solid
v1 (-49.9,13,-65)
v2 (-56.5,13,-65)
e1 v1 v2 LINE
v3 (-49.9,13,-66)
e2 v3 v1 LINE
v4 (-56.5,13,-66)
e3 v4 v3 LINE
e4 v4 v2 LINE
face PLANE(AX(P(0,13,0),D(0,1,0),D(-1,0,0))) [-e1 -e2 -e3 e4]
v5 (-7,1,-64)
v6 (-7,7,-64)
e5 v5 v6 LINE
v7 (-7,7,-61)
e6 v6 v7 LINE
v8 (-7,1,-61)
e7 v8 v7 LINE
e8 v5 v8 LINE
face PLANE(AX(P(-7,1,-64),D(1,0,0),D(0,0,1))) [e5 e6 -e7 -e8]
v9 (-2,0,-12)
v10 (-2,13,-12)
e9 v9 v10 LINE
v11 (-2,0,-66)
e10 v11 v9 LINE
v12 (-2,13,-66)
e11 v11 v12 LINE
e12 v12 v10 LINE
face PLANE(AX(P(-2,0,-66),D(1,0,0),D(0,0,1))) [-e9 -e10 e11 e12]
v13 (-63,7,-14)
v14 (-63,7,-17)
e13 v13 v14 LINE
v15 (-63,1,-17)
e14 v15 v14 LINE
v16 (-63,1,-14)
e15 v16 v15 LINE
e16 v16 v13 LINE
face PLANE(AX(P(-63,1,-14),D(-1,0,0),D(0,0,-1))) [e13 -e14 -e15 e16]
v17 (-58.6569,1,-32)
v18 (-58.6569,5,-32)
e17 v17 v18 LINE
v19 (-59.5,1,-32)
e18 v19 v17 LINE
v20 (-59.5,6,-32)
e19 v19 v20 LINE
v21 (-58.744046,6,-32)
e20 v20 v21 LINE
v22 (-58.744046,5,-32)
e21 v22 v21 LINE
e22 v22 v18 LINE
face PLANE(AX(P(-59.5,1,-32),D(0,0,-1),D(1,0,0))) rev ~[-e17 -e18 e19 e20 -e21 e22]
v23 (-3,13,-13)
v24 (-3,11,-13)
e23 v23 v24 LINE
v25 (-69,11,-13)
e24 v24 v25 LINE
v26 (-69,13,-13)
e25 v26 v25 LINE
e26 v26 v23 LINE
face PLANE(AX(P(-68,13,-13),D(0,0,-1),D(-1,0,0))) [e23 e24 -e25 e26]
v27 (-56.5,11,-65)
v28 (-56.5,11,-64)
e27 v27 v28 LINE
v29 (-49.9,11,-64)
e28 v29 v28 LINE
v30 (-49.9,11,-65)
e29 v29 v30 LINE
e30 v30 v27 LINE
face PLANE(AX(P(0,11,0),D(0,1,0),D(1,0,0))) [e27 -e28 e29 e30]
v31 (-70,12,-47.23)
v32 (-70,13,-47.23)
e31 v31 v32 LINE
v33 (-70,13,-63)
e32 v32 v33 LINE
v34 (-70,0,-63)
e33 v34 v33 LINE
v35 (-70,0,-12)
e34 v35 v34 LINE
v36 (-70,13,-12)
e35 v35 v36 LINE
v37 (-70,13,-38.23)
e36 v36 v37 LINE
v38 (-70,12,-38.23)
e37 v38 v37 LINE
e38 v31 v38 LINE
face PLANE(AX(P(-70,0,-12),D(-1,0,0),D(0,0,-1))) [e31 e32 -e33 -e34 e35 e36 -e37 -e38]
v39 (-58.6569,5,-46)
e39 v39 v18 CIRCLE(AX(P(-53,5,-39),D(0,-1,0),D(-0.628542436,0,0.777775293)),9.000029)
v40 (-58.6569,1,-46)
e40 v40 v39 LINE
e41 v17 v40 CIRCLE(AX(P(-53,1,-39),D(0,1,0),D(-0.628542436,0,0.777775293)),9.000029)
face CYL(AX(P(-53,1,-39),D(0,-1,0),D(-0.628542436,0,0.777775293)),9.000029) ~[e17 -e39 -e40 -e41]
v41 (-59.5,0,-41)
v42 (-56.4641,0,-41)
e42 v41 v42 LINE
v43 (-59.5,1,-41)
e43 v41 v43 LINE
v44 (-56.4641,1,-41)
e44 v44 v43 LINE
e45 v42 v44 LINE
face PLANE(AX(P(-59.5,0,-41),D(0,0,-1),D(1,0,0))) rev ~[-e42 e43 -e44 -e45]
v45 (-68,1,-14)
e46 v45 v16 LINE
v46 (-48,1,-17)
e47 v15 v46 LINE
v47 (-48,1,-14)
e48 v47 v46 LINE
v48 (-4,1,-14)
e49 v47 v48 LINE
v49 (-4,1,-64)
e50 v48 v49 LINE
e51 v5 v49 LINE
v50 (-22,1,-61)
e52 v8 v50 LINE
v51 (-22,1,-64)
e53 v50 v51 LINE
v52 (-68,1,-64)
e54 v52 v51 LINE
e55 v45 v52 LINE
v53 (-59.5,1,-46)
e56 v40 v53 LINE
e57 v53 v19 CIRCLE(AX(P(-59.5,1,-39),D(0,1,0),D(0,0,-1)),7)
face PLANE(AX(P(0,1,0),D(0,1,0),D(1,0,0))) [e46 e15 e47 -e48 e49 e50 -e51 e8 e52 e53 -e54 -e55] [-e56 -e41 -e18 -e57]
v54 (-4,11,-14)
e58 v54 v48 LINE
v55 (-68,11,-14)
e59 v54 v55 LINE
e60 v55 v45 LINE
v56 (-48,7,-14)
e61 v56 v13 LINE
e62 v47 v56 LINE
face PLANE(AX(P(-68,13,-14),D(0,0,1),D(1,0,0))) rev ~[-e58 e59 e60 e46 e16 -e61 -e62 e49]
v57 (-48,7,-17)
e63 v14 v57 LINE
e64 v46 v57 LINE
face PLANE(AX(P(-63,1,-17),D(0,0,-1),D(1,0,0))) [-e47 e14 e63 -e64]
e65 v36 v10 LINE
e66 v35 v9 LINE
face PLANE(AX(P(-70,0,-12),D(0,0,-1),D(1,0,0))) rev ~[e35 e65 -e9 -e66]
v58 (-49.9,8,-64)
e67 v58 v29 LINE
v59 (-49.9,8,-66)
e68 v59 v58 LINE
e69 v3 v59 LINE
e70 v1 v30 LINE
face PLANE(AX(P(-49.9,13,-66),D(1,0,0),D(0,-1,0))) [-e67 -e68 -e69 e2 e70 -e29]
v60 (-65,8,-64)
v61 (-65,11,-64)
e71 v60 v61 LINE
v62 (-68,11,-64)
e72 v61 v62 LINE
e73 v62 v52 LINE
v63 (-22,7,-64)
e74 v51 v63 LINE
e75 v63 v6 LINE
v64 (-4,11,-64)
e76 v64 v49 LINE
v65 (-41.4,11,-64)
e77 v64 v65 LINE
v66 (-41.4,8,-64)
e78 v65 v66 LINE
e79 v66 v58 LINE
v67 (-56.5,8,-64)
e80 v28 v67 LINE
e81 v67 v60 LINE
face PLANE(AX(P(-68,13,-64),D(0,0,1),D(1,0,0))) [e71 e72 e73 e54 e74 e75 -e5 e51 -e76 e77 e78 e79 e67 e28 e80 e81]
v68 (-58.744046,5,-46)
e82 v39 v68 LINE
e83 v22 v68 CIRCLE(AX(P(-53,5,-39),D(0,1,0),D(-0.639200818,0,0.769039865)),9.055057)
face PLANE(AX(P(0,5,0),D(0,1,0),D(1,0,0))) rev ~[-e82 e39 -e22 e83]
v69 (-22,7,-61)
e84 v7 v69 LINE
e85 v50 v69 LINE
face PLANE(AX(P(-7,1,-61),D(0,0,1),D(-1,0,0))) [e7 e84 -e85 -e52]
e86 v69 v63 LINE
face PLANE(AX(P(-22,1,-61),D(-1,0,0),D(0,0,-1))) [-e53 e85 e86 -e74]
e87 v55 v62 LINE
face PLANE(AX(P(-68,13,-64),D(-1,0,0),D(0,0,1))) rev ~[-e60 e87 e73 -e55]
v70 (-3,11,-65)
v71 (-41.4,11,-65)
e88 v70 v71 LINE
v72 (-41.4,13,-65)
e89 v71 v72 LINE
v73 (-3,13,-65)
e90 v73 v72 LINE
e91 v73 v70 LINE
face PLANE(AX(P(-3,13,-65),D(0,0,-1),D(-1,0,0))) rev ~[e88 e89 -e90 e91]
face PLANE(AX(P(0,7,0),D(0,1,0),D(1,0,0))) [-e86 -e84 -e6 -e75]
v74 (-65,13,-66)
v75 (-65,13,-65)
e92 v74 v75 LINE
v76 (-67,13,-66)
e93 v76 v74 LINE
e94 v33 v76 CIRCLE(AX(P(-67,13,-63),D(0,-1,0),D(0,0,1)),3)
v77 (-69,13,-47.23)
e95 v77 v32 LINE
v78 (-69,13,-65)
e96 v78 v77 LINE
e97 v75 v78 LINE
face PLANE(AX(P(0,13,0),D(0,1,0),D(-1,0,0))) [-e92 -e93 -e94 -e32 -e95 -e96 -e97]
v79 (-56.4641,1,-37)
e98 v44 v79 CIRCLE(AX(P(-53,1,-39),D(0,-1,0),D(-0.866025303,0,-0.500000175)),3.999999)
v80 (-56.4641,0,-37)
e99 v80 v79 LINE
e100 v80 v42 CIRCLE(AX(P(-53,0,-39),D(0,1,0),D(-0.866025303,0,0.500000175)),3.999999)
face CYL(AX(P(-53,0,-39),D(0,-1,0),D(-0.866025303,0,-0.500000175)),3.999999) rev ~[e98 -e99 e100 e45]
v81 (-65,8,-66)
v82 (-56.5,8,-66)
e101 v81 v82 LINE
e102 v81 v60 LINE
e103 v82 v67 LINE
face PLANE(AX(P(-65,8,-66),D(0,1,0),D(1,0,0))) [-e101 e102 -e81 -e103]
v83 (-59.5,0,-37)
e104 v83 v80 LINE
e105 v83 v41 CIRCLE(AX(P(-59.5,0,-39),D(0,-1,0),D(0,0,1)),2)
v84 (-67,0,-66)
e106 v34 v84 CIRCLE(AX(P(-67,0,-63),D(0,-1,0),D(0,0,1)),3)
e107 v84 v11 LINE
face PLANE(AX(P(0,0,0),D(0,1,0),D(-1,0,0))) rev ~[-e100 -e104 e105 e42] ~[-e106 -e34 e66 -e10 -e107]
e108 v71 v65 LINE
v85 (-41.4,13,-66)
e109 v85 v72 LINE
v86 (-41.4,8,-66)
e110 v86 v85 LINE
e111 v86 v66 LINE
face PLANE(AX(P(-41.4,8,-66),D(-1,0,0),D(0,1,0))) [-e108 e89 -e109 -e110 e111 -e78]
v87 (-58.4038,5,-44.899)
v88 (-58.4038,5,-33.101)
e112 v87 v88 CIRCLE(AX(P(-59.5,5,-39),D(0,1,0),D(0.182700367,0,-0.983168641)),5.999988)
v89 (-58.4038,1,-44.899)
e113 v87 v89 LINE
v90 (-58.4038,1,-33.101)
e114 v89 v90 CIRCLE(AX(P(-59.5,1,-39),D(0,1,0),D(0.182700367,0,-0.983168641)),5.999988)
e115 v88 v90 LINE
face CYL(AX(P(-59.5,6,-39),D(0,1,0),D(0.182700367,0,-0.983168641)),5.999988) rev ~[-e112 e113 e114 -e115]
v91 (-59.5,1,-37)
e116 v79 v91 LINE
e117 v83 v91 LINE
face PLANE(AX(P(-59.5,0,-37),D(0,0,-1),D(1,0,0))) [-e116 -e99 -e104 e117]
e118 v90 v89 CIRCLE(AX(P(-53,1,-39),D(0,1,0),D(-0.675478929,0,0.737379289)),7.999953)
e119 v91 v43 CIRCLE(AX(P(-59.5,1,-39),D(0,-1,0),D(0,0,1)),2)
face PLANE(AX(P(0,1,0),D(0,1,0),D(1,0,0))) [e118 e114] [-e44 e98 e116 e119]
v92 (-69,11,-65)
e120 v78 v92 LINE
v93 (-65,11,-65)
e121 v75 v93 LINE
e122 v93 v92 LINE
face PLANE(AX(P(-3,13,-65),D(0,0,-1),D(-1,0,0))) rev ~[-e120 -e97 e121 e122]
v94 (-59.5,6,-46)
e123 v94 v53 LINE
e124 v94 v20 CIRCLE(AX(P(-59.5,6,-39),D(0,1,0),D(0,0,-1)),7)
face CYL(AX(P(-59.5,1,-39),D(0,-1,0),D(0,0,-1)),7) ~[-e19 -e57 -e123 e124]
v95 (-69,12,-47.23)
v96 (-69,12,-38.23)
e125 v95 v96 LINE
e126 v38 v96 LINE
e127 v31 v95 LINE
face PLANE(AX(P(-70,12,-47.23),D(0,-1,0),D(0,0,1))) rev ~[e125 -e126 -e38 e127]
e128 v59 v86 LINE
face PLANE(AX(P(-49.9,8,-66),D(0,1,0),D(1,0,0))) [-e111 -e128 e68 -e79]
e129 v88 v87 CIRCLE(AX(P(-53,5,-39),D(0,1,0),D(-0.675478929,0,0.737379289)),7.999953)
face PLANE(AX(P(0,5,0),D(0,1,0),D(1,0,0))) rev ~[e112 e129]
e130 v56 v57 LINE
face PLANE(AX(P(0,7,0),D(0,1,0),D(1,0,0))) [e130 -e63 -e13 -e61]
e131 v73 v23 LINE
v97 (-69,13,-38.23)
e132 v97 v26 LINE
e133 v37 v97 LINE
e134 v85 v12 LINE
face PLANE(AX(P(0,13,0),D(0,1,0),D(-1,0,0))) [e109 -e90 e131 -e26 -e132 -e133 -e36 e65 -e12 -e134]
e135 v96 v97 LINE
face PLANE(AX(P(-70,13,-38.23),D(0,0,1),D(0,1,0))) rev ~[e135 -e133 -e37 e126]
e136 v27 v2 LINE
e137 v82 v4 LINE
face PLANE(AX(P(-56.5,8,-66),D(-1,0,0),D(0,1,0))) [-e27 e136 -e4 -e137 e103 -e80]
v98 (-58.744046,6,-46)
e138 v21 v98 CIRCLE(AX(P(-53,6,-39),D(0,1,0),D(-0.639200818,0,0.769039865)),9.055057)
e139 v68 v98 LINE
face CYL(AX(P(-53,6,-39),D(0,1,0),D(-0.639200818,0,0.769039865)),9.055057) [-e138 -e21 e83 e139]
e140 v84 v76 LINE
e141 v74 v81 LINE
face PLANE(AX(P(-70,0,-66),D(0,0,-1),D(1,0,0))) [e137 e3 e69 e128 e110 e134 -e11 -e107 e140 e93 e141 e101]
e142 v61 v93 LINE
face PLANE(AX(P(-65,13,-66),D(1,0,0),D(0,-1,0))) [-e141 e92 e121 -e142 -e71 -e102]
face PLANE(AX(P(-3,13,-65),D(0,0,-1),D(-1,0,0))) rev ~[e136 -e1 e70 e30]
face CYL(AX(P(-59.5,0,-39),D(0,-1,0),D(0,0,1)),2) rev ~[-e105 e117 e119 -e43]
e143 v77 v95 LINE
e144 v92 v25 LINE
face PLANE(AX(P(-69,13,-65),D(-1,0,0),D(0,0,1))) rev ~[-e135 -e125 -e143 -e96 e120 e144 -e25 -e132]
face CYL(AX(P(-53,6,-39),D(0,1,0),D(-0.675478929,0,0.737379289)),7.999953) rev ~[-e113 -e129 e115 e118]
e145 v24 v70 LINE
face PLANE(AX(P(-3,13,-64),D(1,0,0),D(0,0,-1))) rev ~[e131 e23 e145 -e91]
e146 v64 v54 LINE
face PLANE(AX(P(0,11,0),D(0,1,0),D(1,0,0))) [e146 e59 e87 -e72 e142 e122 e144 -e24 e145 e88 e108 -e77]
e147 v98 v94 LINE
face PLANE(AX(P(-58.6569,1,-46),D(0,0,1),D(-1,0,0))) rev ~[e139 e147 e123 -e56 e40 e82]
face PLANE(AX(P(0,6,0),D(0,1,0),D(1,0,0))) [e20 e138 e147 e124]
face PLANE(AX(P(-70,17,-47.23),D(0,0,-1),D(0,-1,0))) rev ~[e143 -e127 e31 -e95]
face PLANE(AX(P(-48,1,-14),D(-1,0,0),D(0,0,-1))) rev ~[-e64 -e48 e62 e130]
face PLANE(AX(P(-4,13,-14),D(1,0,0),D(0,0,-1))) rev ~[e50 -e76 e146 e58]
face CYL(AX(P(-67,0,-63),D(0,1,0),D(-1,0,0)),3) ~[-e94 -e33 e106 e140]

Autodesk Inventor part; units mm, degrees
ref_plane "YZ Plane" through (0, 0, 0) normal (1, 0, 0) x (0, 1, 0)
ref_plane "XZ Plane" through (0, 0, 0) normal (0, 1, 0) x (-1, 0, 0)
ref_plane "XY Plane" through (0, 0, 0) normal (0, 0, 1) x (1, 0, 0)
sketch "Sketch1" plane through (0, 0, 0) normal (0, 1, 0) x (-1, 0, 0)
  point P0 (0, 0)
sketch "Sketch2" plane through (0, 0, 0) normal (0, 1, 0) x (-1, 0, 0)
  line L0 (70, -12) -> (70, -66)
  line L1 (70, -66) -> (2, -66)
  line L2 (70, -12) -> (2, -12)
  line L3 (2, -66) -> (2, -12)
  point P0 (0, 0)
  point P1 (2, 0)
  dimension "d151" = 68
  dimension "d152" = 54
extrude "Extrusion1" add sketch "Sketch2" along normal blind 13
sketch "Sketch3" plane through (0, 13, 0) normal (0, 1, 0) x (1, 0, 0)
  point P0 (0, 0)
sketch "Sketch4" plane through (0, 13, 0) normal (0, 1, 0) x (1, 0, 0)
  line L0 (-2, 66) -> (-70, 66) projected
  line L1 (-30.4814, 66) -> (-28.4814, 66)
  line L2 (-28.4814, 66) -> (-28.4814, 64)
  line L3 (-70, 66) -> (-70, 12) projected
  line L4 (-70, 37.8423) -> (-70, 39.8423)
  line L5 (-70, 39.8423) -> (-68, 39.8423)
  line L6 (-68, 64) -> (-68, 14)
  line L7 (-68, 64) -> (-4, 64)
  line L8 (-68, 14) -> (-4, 14)
  line L9 (-4, 14) -> (-4, 64)
  line L10 (-70, 12) -> (-2, 12) projected
  line L11 (-2, 12) -> (-2, 66) projected
  point P0 (-2, 64)
  point P1 (-68, 12)
  dimension "d6" = 2
  dimension "d8" = 2
  dimension "d102" = 2
  dimension "d104" = 2
  dimension "d153" = 2
  dimension "d154" = 2
extrude "Extrusion2" cut sketch "Sketch4" against normal blind 12 contours L7 L9 L8 L6
sketch "Sketch10" plane through (0, 1, 0) normal (0, 1, 0) x (1, 0, 0)
  line L0 (-48, 14) -> (-48, 17)
  line L1 (-48, 14) -> (-63, 14)
  line L2 (-63, 14) -> (-63, 17)
  line L3 (-63, 17) -> (-48, 17)
  line L4 (-48, 17) -> (-48, 14)
  line L5 (-22, 64) -> (-7, 64)
  line L6 (-7, 64) -> (-7, 61)
  line L7 (-7, 61) -> (-22, 61)
  line L8 (-22, 61) -> (-22, 64)
  line L9 (-68, 64) -> (-4, 64) projected
  line L10 (-63, 14) -> (-48, 14)
  line L11 (-4, 14) -> (-68, 14) projected
  point P0 (-68, 2)
  point P1 (-2, 64)
  dimension "d55" = 3
  dimension "d56" = 15
  dimension "d60" = 15
  dimension "d108" = 3
  dimension "d155" = 0
extrude "Extrusion5" add sketch "Sketch10" along normal blind 6
sketch "Sketch12" plane through (0, 0, 0) normal (0, -1, 0) x (1, 0, 0)
  line L0 (0, 0) -> (0, -66) projected
  line L1 (-2, -12) -> (-2, -66) projected
  line L2 (-2, -66) -> (-70, -66) projected
  line L3 (-2, -66) -> (-70, -66)
  line L4 (-36, -66) -> (-36, -12)
  line L5 (-70, -66) -> (-70, -12) projected
  line L6 (-70, -66) -> (-70, -12)
  line L7 (-70, -39) -> (-2, -39)
  line L8 (-36, -39) -> (-36, -66)
  line L9 (-70, -66) -> (-36, -66)
  arc A0 (-56.4641, -41) -> (-56.4641, -37) centre (-53, -39) ccw
  line L10 (-53, -39) -> (-59.5, -39)
  arc A1 (-59.5, -37) -> (-59.5, -41) centre (-59.5, -39) ccw
  line L11 (-59.5, -41) -> (-56.4641, -41)
  line L12 (-59.5, -37) -> (-56.4641, -37)
  dimension "d158" = 8
  dimension "d159" = 6.5
  dimension "d160" = 4
extrude "Extrusion7" cut sketch "Sketch12" against normal blind 6 contours A0 L11 A1 L7 | L7 A1 L12 A0
sketch "Sketch13" plane through (0, 13, 0) normal (0, 1, 0) x (1, 0, 0)
  line L0 (-70, 66) -> (-70, 12) projected
  line L1 (-69, 65) -> (-69, 13)
  line L2 (-2, 66) -> (-70, 66) projected
  line L3 (-68, 64) -> (-4, 64)
  line L4 (-2, 64) -> (-2, 12)
  line L5 (-68, 14) -> (-68, 64)
  line L6 (-4, 14) -> (-68, 14) projected
  line L7 (-68, 14) -> (-4, 14)
  line L8 (-7, 64) -> (-4, 64) projected
  line L9 (-4, 14) -> (-4, 64)
  line L10 (-70, 12) -> (-2, 12) projected
  line L11 (-68, 13) -> (-69, 13)
  line L12 (-68, 13) -> (-3, 13)
  line L13 (-2, 12) -> (-2, 66) projected
  line L14 (-4, 13) -> (-3, 13)
  line L15 (-3, 13) -> (-3, 64)
  line L16 (-3, 64) -> (-3, 65)
  line L17 (-3, 65) -> (-69, 65)
  dimension "d96" = 1
  dimension "d99" = 1
extrude "Extrusion8" cut sketch "Sketch13" against normal blind 2 contours L17 L16 L15 L12 L11 L1 | L3 L9 L6 L5
sketch "Sketch15" plane through (-70, 0, -66) normal (-1, 0, 0) x (0, 0, 1)
  line L0 (62.4242, 8) -> (52.7396, 8)
  line L1 (0, 0) -> (66, 0) projected
  line L2 (0, 13) -> (54, 13) projected
  line L3 (0, 0) -> (0, 13) projected
  line L4 (18.77, 12) -> (27.77, 12)
  line L5 (27.77, 12) -> (27.77, 17)
  line L6 (27.77, 17) -> (18.77, 17)
  line L7 (18.77, 17) -> (18.77, 12)
  point P0 (66, 14)
  dimension "d118" = 8
  dimension "d140" = 27.77
  dimension "d141" = 9
  dimension "d143" = 5
  dimension "d150" = 4
extrude "Extrusion9" cut sketch "Sketch15" against normal blind 10
sketch "Sketch16" plane through (-2, 0, -66) normal (0, 0, -1) x (-1, 0, 0)
  line L0 (39.4, 13) -> (47.9, 13)
  line L1 (47.9, 13) -> (47.9, 8)
  line L2 (47.9, 8) -> (39.4, 8)
  line L3 (39.4, 8) -> (39.4, 13)
  line L4 (54.5, 13) -> (63, 13)
  line L5 (63, 13) -> (63, 8)
  line L6 (63, 8) -> (54.5, 8)
  line L7 (54.5, 8) -> (54.5, 13)
  line L8 (20, 7) -> (5, 7) projected
  line L9 (68, 0) -> (68, 13) projected
  point P0 (-2, 0)
  dimension "d127" = 8.5
  dimension "d128" = 8.5
  dimension "d131" = 28.6
  dimension "d132" = 13.5
  dimension "d148" = 5
  dimension "d149" = 6
extrude "Extrusion10" cut sketch "Sketch16" against normal blind 10
fillet "Fillet8" radius 3 1 edges at (-70, 6.5, -66)
sketch "Sketch17" plane through (0, 1, 0) normal (0, 1, 0) x (1, 0, 0)
  line L0 (-58.6569, 46) -> (-59.5, 46)
  arc A0 (-59.5, 46) -> (-59.5, 32) centre (-59.5, 39) ccw
  line L1 (-59.5, 32) -> (-58.6569, 32)
  arc A1 (-58.6569, 32) -> (-58.6569, 46) centre (-53, 39) ccw
  line L2 (-58.2915, 45) -> (-59.5, 45)
  arc A2 (-59.5, 45) -> (-59.5, 33) centre (-59.5, 39) ccw
  line L3 (-59.5, 33) -> (-58.2915, 33)
  arc A3 (-58.2915, 33) -> (-58.2915, 45) centre (-53, 39) ccw
  point P0 (0, 0)
  dimension "d165" = 1
extrude "Extrusion11" add sketch "Sketch17" along normal blind 5 contours A1 L1 A0 L0 | A3 L3 A2 L2
sketch "Sketch18" plane through (0, 6, 0) normal (0, 1, 0) x (1, 0, 0)
  arc A0 (-56.4641, 37) -> (-56.4641, 41) centre (-53, 39) ccw projected
  arc A1 (-58.7115, 32.0445) -> (-58.7115, 45.9555) centre (-53, 39) ccw
  arc A2 (-59.5, 41) -> (-59.5, 37) centre (-59.5, 39) ccw projected
  arc A3 (-58.7115, 45.9555) -> (-58.7115, 32.0445) centre (-59.5, 39) ccw
  arc A4 (-58.4038, 33.101) -> (-58.4038, 44.899) centre (-53, 39) ccw
  arc A5 (-58.4038, 44.899) -> (-58.4038, 33.101) centre (-59.5, 39) ccw
  point P0 (0, 0)
  dimension "d166" = 1
extrude "Extrusion12" cut sketch "Sketch18" against normal blind 5 contours A5 A4
sketch "Sketch19" plane through (0, 6, 0) normal (0, 1, 0) x (1, 0, 0)
  arc A0 (-59.5, 41) -> (-59.5, 37) centre (-59.5, 39) ccw projected
  arc A1 (-58.788, 45.9637) -> (-58.788, 32.0363) centre (-59.5, 39) ccw
  arc A2 (-56.4641, 37) -> (-56.4641, 41) centre (-53, 39) ccw projected
  arc A3 (-58.788, 32.0363) -> (-58.788, 45.9637) centre (-53, 39) ccw
  point P0 (0, 0)
extrude "Extrusion13" add sketch "Sketch19" against normal blind 1
properties part number "Shell 5 bottom"
